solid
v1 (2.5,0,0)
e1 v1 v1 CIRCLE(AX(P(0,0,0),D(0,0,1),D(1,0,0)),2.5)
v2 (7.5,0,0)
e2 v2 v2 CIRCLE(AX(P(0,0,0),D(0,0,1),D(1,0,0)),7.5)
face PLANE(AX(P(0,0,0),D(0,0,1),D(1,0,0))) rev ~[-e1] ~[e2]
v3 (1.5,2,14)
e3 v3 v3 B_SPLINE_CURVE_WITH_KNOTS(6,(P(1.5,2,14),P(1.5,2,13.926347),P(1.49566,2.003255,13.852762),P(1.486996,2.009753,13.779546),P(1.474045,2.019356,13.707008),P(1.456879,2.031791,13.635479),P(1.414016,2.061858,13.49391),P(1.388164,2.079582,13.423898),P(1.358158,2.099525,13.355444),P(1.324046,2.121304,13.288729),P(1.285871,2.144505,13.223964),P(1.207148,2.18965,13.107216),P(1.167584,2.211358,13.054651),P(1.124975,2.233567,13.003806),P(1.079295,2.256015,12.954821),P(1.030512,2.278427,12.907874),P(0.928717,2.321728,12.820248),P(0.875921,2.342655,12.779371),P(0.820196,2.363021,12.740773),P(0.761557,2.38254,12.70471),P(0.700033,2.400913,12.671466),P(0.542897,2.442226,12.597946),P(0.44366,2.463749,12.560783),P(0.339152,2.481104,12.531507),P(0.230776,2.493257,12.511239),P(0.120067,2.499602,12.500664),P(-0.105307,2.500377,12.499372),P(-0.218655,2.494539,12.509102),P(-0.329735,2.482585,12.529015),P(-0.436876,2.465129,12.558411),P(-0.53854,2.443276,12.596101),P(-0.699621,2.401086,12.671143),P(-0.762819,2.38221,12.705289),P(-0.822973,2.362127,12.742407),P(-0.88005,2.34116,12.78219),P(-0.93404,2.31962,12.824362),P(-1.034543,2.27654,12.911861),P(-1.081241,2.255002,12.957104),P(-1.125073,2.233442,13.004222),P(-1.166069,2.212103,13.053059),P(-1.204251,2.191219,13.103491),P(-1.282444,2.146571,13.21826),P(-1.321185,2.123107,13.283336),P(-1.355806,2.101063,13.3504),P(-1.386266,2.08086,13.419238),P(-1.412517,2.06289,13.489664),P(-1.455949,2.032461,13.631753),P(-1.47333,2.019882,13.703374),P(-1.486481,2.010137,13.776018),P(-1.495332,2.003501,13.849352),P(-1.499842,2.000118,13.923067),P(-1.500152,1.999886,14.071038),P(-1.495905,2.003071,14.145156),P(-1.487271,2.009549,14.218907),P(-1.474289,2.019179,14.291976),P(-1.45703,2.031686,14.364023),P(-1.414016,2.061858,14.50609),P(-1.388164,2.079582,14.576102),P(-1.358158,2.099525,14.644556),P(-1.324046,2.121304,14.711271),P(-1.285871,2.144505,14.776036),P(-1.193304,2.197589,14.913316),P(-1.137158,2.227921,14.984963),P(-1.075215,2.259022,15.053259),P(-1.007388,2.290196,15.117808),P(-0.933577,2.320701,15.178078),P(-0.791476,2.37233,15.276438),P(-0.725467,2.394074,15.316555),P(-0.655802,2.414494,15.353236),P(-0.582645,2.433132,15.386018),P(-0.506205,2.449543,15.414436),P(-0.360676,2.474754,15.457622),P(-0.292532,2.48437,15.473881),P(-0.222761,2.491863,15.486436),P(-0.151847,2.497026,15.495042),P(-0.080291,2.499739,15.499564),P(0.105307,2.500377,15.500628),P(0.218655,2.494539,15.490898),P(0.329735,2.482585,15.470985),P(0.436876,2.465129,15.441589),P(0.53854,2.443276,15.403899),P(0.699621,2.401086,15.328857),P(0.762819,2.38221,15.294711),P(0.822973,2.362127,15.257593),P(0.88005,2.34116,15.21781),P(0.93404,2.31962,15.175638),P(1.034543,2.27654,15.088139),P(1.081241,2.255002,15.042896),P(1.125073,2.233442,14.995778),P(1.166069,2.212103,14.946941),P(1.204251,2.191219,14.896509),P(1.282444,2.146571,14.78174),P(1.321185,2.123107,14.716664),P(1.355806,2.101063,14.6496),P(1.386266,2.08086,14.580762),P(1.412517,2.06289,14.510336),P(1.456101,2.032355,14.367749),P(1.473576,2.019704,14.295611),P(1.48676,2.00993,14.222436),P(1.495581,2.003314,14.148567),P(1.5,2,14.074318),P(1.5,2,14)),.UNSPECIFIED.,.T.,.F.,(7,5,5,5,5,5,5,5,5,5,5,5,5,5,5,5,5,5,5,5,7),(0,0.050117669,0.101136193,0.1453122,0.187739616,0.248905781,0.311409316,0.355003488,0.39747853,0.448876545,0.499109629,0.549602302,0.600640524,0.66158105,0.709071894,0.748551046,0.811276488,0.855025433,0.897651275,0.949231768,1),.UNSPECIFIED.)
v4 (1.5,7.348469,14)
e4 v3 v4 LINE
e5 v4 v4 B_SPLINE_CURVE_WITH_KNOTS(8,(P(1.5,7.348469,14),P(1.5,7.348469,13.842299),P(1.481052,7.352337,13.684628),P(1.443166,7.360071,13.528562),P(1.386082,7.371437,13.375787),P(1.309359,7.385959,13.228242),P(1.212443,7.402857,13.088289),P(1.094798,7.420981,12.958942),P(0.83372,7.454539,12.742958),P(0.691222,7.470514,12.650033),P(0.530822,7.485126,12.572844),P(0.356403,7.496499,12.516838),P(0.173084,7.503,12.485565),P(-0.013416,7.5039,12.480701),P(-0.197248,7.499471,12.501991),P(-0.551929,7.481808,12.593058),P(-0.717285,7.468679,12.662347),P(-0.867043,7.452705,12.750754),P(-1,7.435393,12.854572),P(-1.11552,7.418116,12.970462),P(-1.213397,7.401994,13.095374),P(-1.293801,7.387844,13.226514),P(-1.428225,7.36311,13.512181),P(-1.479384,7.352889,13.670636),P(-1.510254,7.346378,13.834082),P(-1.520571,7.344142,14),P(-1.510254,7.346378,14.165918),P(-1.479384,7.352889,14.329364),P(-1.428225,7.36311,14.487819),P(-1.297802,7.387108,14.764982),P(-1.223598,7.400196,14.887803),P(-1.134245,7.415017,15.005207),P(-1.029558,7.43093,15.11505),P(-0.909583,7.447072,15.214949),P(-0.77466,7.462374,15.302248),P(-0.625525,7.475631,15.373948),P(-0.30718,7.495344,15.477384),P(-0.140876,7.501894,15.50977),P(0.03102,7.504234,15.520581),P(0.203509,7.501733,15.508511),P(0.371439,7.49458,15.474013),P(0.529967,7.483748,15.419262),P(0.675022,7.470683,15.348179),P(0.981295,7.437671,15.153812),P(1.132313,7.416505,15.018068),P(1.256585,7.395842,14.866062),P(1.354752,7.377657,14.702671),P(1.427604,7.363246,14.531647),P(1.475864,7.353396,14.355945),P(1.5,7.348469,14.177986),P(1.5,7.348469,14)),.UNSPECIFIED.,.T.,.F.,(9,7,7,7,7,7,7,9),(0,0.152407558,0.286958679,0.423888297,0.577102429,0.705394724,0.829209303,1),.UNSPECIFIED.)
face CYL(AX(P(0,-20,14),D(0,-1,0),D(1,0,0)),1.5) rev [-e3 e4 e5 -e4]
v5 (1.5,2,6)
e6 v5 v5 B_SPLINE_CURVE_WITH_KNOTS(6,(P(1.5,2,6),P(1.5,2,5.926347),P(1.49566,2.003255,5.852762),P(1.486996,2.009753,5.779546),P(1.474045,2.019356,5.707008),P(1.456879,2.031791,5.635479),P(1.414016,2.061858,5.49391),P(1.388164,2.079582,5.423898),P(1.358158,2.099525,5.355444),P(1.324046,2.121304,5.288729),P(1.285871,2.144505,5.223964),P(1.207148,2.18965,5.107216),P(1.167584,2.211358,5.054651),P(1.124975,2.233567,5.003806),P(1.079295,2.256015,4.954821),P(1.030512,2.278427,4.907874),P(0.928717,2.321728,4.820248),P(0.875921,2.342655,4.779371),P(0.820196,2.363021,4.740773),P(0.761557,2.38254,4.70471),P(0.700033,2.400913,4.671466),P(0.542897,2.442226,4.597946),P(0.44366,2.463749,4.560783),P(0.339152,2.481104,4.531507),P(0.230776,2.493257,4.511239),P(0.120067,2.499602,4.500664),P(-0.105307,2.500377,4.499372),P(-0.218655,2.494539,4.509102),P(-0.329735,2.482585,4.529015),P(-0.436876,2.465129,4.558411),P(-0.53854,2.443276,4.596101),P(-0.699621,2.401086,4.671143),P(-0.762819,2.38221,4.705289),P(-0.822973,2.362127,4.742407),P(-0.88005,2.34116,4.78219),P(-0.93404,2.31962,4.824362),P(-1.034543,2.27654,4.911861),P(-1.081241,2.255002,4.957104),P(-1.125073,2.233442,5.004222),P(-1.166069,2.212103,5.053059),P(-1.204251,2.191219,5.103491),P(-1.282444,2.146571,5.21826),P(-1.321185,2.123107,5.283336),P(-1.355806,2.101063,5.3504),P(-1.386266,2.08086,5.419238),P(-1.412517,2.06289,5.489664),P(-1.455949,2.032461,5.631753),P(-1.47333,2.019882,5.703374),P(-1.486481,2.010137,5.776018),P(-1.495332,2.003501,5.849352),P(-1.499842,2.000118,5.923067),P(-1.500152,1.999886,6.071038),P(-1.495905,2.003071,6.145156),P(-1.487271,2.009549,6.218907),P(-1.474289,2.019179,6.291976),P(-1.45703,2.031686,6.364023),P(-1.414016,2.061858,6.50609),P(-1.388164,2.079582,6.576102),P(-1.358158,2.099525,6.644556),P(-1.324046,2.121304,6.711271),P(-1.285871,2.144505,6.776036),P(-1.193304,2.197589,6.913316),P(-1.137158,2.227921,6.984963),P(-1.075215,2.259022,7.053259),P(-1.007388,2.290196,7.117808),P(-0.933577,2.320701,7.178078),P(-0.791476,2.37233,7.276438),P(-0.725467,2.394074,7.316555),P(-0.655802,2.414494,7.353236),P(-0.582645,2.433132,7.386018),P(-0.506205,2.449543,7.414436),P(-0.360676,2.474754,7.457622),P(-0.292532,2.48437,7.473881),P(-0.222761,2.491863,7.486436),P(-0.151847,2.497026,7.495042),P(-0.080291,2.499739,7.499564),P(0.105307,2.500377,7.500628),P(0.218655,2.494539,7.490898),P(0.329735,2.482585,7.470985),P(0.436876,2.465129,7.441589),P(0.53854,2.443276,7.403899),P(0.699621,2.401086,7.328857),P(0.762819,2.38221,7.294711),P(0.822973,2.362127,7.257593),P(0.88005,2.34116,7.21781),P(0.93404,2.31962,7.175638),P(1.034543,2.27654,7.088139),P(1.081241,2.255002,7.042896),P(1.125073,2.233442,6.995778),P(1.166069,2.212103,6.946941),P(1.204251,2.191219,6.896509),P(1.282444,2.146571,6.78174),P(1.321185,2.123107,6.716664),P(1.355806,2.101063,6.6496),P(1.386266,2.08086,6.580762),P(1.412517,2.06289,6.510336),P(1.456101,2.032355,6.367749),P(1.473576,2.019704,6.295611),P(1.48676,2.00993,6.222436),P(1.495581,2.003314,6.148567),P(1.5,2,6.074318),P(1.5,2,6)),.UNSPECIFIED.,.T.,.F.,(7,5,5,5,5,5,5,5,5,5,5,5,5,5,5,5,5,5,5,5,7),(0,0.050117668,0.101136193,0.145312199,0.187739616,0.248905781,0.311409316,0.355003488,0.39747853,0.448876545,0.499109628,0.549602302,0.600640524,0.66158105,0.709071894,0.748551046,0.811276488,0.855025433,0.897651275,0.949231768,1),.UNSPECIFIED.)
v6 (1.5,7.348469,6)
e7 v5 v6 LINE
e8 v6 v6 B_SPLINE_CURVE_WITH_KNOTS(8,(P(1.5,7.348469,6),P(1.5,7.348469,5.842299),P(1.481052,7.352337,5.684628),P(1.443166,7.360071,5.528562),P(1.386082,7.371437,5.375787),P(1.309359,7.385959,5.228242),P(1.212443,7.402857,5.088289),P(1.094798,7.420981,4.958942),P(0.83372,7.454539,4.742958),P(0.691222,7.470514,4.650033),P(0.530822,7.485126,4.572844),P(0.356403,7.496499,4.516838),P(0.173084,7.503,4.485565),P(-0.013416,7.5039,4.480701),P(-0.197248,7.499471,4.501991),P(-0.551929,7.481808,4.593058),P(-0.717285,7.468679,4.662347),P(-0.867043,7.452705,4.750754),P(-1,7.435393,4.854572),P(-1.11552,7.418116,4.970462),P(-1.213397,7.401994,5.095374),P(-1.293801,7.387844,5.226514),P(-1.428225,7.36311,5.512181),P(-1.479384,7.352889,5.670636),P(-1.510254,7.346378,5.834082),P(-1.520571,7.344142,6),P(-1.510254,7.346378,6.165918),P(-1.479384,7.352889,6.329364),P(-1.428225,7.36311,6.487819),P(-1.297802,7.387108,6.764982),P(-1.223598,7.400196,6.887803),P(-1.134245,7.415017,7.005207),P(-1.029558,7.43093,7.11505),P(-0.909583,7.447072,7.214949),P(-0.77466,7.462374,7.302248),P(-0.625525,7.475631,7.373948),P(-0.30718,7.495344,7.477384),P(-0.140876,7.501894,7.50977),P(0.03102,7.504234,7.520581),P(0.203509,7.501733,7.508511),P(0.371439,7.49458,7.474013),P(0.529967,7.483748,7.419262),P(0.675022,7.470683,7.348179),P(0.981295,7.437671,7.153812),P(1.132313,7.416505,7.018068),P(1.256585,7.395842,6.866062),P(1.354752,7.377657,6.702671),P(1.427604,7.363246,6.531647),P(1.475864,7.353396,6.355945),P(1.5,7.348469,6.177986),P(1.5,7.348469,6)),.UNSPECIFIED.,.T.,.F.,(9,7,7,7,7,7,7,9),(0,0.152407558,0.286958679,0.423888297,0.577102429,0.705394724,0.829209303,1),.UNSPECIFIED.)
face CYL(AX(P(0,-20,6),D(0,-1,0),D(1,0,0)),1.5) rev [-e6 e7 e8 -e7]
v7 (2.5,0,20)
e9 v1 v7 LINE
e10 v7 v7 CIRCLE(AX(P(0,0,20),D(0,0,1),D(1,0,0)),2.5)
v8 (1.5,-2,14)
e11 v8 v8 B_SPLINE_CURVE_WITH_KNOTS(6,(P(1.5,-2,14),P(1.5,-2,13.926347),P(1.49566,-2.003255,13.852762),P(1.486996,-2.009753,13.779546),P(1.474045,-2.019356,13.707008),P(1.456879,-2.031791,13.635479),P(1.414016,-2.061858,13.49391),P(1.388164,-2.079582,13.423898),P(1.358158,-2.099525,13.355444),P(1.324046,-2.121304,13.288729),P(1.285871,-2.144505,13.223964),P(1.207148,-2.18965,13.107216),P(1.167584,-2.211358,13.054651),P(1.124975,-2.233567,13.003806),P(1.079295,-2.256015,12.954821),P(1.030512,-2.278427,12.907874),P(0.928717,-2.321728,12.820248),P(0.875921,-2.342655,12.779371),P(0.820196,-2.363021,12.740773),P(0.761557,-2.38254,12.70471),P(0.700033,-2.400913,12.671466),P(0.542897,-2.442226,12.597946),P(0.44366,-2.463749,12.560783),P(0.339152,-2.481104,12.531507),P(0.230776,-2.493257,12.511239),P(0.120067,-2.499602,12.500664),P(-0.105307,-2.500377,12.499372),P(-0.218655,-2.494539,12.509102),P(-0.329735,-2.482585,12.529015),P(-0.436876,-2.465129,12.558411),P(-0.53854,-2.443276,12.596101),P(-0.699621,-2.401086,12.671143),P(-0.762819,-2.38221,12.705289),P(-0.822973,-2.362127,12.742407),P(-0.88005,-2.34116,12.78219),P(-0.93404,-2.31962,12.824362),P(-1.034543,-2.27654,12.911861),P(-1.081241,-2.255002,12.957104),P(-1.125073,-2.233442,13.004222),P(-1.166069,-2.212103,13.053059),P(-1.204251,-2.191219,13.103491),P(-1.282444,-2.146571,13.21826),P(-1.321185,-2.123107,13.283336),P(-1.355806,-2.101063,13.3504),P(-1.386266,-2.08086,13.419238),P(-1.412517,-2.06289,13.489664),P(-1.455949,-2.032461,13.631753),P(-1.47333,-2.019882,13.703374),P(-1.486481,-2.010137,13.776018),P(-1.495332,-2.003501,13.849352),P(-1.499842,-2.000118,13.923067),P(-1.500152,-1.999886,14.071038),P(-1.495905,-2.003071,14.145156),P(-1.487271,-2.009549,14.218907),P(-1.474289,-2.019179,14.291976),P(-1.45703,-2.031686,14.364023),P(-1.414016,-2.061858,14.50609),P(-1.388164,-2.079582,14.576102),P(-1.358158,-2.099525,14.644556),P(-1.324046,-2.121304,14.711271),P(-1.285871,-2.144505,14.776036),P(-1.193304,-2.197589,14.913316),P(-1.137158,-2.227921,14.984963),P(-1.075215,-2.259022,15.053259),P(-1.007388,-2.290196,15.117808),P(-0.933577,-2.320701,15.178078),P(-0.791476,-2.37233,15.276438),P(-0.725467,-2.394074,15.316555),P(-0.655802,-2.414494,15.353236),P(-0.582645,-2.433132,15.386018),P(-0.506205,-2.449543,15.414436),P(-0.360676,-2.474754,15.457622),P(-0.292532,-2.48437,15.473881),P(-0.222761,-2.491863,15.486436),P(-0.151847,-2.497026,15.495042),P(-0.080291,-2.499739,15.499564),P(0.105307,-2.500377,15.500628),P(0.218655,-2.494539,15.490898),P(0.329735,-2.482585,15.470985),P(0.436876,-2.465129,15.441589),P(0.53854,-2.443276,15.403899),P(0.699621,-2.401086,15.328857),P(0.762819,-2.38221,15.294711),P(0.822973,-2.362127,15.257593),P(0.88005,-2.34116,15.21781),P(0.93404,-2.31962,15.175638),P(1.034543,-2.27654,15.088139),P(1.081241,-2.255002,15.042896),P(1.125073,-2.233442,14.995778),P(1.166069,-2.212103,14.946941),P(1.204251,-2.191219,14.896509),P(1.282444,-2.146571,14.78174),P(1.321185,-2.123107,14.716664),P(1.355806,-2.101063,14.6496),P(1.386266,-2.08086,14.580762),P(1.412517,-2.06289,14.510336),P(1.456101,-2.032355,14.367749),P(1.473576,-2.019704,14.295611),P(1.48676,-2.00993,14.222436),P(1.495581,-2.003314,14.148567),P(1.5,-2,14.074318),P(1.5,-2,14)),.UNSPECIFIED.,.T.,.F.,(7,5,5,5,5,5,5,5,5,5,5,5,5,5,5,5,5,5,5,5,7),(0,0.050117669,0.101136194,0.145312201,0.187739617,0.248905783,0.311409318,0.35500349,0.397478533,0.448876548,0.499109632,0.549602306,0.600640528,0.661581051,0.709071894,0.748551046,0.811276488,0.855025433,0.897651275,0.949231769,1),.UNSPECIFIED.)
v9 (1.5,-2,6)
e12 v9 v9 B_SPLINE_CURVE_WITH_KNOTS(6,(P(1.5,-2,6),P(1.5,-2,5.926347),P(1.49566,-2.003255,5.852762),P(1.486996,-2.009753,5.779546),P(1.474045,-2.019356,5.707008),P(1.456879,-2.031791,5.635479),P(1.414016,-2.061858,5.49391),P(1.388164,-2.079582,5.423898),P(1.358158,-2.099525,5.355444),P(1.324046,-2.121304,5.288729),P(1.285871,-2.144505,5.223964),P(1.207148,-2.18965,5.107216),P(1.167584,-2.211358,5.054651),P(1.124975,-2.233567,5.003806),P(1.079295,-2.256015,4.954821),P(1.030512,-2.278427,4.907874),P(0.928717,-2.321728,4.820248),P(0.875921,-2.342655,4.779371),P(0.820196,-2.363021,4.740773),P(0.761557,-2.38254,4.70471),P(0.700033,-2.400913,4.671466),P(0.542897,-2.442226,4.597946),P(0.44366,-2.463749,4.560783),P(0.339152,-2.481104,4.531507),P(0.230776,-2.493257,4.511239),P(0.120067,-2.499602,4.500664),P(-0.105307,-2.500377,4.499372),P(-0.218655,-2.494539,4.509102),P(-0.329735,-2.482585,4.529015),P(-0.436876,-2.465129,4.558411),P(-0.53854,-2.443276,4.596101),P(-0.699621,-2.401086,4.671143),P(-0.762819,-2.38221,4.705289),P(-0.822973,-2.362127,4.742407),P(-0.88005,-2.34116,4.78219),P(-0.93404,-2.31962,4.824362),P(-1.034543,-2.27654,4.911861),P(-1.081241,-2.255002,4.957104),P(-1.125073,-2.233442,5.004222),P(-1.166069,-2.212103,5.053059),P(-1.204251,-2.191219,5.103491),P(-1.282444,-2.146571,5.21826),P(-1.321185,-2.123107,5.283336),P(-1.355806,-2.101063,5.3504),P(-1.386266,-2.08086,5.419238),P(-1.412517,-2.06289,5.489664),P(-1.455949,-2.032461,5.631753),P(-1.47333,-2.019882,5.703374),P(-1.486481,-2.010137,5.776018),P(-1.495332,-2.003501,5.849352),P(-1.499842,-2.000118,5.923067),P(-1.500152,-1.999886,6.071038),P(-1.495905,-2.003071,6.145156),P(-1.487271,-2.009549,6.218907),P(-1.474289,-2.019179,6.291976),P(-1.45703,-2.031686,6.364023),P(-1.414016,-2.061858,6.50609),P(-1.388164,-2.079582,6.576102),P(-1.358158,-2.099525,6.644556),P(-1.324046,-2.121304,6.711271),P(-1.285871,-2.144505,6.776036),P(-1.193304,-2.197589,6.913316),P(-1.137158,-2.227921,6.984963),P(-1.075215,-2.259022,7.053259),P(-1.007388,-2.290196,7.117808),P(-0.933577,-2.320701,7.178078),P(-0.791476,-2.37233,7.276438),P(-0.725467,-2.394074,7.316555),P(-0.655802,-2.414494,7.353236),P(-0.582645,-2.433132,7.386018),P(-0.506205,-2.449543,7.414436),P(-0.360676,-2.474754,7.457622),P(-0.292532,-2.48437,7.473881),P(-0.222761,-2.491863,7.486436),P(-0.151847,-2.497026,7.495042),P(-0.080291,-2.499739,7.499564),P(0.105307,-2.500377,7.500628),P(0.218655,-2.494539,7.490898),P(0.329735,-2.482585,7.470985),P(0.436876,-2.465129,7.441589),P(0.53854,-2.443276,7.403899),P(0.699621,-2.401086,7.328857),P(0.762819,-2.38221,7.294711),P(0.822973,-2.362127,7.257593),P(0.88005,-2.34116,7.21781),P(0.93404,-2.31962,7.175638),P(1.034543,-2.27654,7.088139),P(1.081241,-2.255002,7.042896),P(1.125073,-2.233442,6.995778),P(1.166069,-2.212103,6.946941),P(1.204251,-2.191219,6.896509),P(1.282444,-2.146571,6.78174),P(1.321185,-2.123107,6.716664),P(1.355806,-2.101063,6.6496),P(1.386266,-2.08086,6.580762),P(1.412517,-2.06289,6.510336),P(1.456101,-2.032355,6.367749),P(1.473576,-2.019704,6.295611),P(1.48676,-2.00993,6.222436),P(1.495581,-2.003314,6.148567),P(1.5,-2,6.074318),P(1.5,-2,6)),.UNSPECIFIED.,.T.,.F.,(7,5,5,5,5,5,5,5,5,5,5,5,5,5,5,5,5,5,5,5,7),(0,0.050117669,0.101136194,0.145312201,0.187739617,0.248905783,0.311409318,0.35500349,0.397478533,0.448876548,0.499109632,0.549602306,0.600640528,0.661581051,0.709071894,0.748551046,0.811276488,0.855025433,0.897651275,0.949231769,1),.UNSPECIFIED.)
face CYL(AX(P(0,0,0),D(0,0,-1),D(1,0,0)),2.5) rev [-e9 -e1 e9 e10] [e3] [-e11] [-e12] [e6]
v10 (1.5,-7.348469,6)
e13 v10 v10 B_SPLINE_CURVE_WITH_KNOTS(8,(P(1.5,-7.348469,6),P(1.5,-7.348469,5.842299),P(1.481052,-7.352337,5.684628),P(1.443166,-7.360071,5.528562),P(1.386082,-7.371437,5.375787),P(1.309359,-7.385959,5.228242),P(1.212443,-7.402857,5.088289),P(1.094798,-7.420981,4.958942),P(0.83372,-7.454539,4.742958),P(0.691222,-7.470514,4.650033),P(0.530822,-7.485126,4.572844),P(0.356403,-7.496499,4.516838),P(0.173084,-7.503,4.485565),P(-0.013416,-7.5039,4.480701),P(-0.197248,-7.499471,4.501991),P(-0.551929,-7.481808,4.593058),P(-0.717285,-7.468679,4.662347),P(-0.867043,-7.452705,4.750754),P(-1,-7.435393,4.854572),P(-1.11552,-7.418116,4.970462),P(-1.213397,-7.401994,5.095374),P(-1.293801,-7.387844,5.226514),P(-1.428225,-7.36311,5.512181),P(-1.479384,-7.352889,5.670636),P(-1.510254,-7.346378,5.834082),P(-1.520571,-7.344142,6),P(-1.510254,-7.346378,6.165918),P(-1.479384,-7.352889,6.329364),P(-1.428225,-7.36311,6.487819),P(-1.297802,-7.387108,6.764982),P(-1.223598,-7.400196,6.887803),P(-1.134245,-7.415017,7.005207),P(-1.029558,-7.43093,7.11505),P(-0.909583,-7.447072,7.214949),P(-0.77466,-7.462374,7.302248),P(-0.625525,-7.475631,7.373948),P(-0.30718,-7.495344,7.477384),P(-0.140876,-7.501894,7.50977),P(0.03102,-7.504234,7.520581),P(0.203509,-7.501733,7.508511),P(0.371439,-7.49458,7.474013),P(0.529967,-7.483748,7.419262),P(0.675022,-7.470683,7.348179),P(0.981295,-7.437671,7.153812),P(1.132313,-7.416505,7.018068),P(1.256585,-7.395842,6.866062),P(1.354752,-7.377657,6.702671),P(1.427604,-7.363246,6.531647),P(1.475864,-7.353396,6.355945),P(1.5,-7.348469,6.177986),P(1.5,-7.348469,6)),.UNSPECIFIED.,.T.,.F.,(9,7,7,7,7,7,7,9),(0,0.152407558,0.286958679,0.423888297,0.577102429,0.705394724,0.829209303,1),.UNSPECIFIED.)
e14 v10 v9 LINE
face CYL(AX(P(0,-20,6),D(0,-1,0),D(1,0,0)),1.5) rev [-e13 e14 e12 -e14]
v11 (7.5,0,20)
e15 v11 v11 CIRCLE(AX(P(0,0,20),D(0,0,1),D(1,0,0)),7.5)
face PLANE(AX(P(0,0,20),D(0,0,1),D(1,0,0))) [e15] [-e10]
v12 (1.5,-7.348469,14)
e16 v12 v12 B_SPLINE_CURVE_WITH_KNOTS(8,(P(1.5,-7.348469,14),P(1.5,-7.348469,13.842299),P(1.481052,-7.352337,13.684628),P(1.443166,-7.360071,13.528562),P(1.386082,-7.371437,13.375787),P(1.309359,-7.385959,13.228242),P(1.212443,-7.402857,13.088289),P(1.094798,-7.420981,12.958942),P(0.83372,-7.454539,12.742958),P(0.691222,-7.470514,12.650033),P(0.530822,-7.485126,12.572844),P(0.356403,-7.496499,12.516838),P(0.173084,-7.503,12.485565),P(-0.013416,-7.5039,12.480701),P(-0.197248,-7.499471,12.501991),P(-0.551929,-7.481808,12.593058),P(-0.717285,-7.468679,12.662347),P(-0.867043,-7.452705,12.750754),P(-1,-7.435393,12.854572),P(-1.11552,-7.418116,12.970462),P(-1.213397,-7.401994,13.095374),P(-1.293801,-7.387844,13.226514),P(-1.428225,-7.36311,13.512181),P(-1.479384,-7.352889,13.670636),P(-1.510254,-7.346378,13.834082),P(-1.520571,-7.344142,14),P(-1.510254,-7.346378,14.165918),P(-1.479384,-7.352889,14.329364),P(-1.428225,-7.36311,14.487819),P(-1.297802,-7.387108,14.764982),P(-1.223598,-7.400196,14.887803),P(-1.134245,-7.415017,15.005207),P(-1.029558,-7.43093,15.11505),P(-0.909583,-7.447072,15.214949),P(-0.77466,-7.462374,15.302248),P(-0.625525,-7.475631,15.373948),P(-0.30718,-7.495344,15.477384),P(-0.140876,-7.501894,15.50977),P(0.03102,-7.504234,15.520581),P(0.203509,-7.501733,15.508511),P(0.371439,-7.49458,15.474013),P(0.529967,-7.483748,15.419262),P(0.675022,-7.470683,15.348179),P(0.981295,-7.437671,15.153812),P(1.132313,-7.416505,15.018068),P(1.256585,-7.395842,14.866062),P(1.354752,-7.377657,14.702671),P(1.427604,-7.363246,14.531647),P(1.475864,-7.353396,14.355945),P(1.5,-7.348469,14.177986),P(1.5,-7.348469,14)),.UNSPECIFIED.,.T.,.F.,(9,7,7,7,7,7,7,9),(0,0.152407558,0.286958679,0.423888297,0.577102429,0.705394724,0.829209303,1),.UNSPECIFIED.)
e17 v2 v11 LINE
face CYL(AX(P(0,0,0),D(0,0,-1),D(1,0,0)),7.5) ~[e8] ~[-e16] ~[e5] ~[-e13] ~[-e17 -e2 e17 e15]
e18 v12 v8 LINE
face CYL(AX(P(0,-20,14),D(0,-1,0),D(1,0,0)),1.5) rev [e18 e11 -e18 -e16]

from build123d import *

# Parameters (mm, degrees)
SKETCH_1_R               = 7.5
SKETCH_1_R_2             = 2.5
EXTRUDE_1_DEPTH          = 20
CUT_EXTRUDE_1_DEPTH      = 20
CUT_EXTRUDE_1_DEPTH_BACK = 20
SKETCH_2_R               = 1.5


with BuildPart() as part:
    # Эскиз1 → Бобышка-Вытянуть1 (new body)
    with BuildSketch(Plane.XY):
        Circle(SKETCH_1_R)
        Circle(SKETCH_1_R_2, mode=Mode.SUBTRACT)
    extrude(amount=EXTRUDE_1_DEPTH)

    # Эскиз2 → Вырез-Вытянуть1 (cut, two sides: drawn at the far end of the back side and taken through both)
    with BuildSketch(Plane(origin=(0, 0, 0), x_dir=(1, 0, 0), z_dir=(0, 1, 0)).offset(-CUT_EXTRUDE_1_DEPTH_BACK)):
        with Locations((0, -6)):
            Circle(SKETCH_2_R)
        with Locations((0, -14)):
            Circle(SKETCH_2_R)
    extrude(amount=CUT_EXTRUDE_1_DEPTH + CUT_EXTRUDE_1_DEPTH_BACK, mode=Mode.SUBTRACT)


solid = part.part
